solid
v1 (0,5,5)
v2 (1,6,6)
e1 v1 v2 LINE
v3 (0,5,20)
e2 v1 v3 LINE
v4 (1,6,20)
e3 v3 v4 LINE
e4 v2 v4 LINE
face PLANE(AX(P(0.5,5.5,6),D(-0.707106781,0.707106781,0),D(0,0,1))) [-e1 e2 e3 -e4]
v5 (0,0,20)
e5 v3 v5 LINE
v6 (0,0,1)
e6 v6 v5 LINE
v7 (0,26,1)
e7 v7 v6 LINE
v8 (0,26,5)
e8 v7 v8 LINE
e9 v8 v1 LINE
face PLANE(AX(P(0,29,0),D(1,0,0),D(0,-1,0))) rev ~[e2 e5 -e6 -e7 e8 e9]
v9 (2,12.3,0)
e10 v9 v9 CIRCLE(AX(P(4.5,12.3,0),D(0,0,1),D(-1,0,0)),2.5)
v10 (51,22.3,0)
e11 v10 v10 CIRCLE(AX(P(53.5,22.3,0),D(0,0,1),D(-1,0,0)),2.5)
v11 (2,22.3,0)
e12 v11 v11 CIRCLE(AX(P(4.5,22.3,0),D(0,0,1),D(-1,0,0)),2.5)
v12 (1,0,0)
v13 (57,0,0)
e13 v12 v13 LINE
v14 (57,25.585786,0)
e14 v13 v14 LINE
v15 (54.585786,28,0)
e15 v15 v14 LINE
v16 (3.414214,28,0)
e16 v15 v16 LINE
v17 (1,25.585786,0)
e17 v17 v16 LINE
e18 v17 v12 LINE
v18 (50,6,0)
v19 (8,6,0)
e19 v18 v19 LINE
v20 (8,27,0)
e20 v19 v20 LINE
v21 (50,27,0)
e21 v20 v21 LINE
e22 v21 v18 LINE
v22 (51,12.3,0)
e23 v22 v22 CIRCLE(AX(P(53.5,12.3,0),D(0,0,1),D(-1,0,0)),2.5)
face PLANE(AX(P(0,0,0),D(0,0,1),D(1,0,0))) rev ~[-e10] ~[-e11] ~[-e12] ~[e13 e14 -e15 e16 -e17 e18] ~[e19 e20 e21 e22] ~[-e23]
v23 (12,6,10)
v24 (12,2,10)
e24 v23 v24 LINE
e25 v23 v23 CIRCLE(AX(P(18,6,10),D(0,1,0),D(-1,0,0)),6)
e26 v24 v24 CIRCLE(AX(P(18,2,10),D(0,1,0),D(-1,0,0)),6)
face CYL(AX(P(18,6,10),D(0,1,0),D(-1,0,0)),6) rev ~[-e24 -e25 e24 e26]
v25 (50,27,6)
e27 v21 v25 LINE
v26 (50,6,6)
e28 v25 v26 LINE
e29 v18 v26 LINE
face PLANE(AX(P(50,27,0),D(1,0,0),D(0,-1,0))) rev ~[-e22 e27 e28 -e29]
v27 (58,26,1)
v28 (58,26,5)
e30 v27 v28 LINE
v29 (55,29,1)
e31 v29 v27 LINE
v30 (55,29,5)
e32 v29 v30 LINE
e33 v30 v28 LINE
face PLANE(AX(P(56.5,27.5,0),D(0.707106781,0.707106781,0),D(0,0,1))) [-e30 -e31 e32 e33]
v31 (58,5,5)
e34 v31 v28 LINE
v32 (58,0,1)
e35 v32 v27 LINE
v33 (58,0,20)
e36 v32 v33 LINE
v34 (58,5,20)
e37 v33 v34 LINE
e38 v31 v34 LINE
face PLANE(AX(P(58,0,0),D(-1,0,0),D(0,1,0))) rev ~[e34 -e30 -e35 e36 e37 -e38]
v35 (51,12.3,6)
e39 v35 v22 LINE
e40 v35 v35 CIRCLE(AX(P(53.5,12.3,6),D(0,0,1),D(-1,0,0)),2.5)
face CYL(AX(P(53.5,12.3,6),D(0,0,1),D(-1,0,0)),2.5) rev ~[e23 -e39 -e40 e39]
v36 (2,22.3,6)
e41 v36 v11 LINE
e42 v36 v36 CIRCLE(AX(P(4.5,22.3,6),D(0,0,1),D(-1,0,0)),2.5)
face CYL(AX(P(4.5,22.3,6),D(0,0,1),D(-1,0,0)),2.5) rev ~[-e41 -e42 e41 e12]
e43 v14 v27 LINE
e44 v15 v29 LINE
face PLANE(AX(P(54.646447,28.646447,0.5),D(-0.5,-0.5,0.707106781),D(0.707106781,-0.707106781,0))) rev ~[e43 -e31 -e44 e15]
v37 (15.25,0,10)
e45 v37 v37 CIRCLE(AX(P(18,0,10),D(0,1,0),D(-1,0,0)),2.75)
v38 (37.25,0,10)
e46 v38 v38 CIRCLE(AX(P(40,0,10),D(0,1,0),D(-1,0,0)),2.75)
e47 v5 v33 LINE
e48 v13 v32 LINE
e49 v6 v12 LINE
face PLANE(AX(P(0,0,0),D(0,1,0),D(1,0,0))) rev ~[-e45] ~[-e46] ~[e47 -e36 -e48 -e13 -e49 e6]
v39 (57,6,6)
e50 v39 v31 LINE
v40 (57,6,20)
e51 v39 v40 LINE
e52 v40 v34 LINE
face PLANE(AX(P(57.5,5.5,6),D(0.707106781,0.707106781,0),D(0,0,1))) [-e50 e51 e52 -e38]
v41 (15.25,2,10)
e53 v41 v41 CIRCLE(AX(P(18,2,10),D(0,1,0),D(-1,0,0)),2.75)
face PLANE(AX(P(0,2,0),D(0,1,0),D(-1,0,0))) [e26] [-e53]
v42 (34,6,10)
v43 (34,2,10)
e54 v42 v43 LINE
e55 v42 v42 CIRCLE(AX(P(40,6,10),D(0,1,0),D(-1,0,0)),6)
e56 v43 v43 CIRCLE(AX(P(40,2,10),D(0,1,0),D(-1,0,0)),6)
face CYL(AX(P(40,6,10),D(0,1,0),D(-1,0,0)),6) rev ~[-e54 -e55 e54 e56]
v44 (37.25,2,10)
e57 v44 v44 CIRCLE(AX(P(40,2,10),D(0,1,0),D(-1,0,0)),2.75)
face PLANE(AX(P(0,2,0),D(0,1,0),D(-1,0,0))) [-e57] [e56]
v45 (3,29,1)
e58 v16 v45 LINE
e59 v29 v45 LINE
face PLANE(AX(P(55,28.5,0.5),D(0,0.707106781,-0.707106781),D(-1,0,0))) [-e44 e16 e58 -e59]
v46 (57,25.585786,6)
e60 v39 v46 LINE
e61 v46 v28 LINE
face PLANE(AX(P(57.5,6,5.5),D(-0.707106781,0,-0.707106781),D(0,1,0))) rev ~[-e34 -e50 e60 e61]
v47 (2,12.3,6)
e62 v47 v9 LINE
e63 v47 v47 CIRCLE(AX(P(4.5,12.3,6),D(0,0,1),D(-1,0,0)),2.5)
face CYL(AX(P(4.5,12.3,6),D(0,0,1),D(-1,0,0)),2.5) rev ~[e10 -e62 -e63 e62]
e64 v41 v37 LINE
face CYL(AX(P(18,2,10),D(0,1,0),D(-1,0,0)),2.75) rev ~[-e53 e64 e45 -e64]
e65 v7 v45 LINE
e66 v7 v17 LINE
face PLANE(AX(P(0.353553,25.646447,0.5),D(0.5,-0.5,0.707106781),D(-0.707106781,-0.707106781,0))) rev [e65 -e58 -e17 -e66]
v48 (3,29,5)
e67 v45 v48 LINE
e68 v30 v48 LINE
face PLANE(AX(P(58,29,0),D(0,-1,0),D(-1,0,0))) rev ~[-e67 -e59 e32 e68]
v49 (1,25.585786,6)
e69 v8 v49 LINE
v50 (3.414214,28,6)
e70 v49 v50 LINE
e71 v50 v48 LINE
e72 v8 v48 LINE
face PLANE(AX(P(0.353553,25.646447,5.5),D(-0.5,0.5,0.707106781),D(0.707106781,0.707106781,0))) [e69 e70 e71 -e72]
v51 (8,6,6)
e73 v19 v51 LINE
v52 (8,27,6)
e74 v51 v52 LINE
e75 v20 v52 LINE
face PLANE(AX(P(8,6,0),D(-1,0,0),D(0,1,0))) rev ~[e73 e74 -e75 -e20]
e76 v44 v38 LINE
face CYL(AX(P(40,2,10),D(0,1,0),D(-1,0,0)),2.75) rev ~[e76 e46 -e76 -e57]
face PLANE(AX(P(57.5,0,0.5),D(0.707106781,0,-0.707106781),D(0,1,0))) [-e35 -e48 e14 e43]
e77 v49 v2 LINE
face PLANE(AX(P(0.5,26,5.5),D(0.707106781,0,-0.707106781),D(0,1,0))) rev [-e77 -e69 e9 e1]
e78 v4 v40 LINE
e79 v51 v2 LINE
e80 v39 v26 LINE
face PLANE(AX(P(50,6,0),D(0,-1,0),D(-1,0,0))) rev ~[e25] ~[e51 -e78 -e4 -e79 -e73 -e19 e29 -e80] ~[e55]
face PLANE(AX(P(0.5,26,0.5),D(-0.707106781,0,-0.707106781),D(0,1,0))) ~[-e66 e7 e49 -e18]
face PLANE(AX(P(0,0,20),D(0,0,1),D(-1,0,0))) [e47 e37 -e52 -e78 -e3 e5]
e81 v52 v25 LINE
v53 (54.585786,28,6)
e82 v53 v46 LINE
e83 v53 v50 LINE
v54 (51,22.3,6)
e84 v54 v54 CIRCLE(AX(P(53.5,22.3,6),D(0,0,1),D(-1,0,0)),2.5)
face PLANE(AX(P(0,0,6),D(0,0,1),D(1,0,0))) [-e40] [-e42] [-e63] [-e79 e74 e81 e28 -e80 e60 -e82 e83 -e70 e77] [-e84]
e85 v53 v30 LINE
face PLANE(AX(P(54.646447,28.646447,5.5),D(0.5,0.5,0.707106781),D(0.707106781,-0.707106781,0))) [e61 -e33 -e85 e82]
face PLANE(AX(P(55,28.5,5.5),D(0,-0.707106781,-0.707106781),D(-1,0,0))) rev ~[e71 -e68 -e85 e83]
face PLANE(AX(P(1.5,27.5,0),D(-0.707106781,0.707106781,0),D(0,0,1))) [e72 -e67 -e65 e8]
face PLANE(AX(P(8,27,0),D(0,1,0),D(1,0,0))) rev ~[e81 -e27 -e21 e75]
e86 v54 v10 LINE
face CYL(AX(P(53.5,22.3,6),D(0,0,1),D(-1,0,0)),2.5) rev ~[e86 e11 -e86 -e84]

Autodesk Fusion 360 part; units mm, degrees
sketch "Sketch1" plane through (0, 0, 0) normal (0, 0, 1) x (1, 0, 0) in component "Servohalterung"
  line L0 (0, 0) -> (58, 0)
  line L1 (58, 0) -> (58, 29)
  line L2 (58, 29) -> (0, 29)
  line L3 (0, 29) -> (0, 0)
  line L4 (8, 27) -> (50, 27)
  line L5 (50, 27) -> (50, 6)
  line L6 (50, 6) -> (8, 6)
  line L7 (8, 6) -> (8, 27)
  dimension "d22" = 8
  dimension "d23" = 8
  dimension "d24" = 42
  dimension "d25" = 2
  dimension "d26" = 6
  dimension "d27" = 21
extrude "Extrude1" add sketch "Sketch1" along normal blind 6 in component "Servohalterung"
sketch "Sketch2" plane through (0, 0, 6) normal (0, 0, 1) x (-1, 0, 0) in component "Servohalterung"
  line L0 (-50, -6) -> (-8, -6)
  line L1 (-8, -6) -> (-8, -27)
  line L2 (-8, -27) -> (-50, -27)
  line L3 (-50, -27) -> (-50, -6)
  line L4 (0, -29) -> (0, 0)
  line L5 (0, 0) -> (-58, 0)
  line L6 (-58, 0) -> (-58, -29)
  line L7 (-58, -29) -> (0, -29)
  line L8 (0, 0) -> (-58, 0)
  line L9 (-58, 0) -> (-58, -6)
  line L10 (-58, -6) -> (0, -6)
  line L11 (0, -6) -> (0, 0)
  line L12 (-50, -6) -> (-8, -6)
extrude "Extrude2" add sketch "Sketch2" along normal blind 14 contours L0 L4 L5 L6 L8 L9 L10 L11 L12 in component "Servohalterung"
sketch "Sketch3" plane through (0, 6, 0) normal (0, 1, 0) x (-1, 0, 0) in component "Servohalterung"
  line L0 (-8, 0) -> (-8, 6)
  line L1 (-8, 6) -> (0, 6)
  line L2 (0, 6) -> (0, 20)
  line L3 (0, 20) -> (-58, 20)
  line L4 (-58, 20) -> (-58, 6)
  line L5 (-58, 6) -> (-50, 6)
  line L6 (-50, 6) -> (-50, 0)
  line L7 (-50, 0) -> (-8, 0)
  circle A0 centre (-40, 10) radius 6
  line L8 (-29, 0) -> (-29, 20)
  circle A1 centre (-18, 10) radius 6
  dimension "d34" = 12
  dimension "d38" = 10
  dimension "d64" = 10
extrude "Extrude3" cut sketch "Sketch3" against normal blind 4 contours A0 | A1 in component "Servohalterung"
sketch "Sketch4" plane through (0, 2, 0) normal (0, 1, 0) x (-1, 0, 0) in component "Servohalterung"
  circle A0 centre (-40, 10) radius 6
  circle A1 centre (-40, 10) radius 2.75
  line L0 (-28.3646, -4) -> (-28.3646, 24)
  circle A2 centre (-18, 10) radius 2.75
  circle A3 centre (-18, 10) radius 6
  line L1 (-58, 20) -> (0, 20)
  dimension "d42" = 5.5
  dimension "d43" = 5.5
extrude "Extrude4" cut sketch "Sketch4" against normal up to surface (2 mm away) contours A1 | A2 in component "Servohalterung"
sketch "Sketch5" plane through (0, 0, 6) normal (0, 0, 1) x (-1, 0, 0) in component "Servohalterung"
  line L0 (0, -6) -> (-8, -6)
  line L1 (-8, -6) -> (-8, -27)
  line L2 (-8, -27) -> (-50, -27)
  line L3 (-50, -27) -> (-50, -6)
  line L4 (-50, -6) -> (-58, -6)
  line L5 (-58, -6) -> (-58, -29)
  line L6 (-58, -29) -> (0, -29)
  line L7 (0, -29) -> (0, -6)
  circle A0 centre (-4.5, -22.3) radius 2.5
  circle A1 centre (-4.5, -12.3) radius 2.5
  circle A2 centre (-53.5, -22.3) radius 2.5
  circle A3 centre (-53.5, -12.3) radius 2.5
  dimension "d46" = 5
  dimension "d48" = 2.2
  dimension "d49" = 1
  dimension "d50" = 5
  dimension "d51" = 5
  dimension "d52" = 5
  dimension "d53" = 5
  dimension "d54" = 5
  dimension "d57" = 1
extrude "Extrude5" cut sketch "Sketch5" against normal up to surface (6 mm away) contours A0 | A1 | A2 | A3 in component "Servohalterung"
chamfer "Chamfer3" distance 3 angle 45 2 edges at (58, 29, 3) (0, 29, 3) in component "Servohalterung"
chamfer "Chamfer1" distance 1 angle 45 12 edges at (58, 13, 0) (58, 16, 6) (29, 29, 6) (29, 29, 0) (0, 13, 0) (0, 16, 6) (1.5, 27.5, 0) (1.5, 27.5, 6) (56.5, 27.5, 0) (56.5, 27.5, 6) (0, 6, 13) (58, 6, 13) in component "Servohalterung"
component "Servohalterung" placed x (1, 0, 0) y (0, 1, 0) z (0, 0, 1) at (0, 0, 0)
